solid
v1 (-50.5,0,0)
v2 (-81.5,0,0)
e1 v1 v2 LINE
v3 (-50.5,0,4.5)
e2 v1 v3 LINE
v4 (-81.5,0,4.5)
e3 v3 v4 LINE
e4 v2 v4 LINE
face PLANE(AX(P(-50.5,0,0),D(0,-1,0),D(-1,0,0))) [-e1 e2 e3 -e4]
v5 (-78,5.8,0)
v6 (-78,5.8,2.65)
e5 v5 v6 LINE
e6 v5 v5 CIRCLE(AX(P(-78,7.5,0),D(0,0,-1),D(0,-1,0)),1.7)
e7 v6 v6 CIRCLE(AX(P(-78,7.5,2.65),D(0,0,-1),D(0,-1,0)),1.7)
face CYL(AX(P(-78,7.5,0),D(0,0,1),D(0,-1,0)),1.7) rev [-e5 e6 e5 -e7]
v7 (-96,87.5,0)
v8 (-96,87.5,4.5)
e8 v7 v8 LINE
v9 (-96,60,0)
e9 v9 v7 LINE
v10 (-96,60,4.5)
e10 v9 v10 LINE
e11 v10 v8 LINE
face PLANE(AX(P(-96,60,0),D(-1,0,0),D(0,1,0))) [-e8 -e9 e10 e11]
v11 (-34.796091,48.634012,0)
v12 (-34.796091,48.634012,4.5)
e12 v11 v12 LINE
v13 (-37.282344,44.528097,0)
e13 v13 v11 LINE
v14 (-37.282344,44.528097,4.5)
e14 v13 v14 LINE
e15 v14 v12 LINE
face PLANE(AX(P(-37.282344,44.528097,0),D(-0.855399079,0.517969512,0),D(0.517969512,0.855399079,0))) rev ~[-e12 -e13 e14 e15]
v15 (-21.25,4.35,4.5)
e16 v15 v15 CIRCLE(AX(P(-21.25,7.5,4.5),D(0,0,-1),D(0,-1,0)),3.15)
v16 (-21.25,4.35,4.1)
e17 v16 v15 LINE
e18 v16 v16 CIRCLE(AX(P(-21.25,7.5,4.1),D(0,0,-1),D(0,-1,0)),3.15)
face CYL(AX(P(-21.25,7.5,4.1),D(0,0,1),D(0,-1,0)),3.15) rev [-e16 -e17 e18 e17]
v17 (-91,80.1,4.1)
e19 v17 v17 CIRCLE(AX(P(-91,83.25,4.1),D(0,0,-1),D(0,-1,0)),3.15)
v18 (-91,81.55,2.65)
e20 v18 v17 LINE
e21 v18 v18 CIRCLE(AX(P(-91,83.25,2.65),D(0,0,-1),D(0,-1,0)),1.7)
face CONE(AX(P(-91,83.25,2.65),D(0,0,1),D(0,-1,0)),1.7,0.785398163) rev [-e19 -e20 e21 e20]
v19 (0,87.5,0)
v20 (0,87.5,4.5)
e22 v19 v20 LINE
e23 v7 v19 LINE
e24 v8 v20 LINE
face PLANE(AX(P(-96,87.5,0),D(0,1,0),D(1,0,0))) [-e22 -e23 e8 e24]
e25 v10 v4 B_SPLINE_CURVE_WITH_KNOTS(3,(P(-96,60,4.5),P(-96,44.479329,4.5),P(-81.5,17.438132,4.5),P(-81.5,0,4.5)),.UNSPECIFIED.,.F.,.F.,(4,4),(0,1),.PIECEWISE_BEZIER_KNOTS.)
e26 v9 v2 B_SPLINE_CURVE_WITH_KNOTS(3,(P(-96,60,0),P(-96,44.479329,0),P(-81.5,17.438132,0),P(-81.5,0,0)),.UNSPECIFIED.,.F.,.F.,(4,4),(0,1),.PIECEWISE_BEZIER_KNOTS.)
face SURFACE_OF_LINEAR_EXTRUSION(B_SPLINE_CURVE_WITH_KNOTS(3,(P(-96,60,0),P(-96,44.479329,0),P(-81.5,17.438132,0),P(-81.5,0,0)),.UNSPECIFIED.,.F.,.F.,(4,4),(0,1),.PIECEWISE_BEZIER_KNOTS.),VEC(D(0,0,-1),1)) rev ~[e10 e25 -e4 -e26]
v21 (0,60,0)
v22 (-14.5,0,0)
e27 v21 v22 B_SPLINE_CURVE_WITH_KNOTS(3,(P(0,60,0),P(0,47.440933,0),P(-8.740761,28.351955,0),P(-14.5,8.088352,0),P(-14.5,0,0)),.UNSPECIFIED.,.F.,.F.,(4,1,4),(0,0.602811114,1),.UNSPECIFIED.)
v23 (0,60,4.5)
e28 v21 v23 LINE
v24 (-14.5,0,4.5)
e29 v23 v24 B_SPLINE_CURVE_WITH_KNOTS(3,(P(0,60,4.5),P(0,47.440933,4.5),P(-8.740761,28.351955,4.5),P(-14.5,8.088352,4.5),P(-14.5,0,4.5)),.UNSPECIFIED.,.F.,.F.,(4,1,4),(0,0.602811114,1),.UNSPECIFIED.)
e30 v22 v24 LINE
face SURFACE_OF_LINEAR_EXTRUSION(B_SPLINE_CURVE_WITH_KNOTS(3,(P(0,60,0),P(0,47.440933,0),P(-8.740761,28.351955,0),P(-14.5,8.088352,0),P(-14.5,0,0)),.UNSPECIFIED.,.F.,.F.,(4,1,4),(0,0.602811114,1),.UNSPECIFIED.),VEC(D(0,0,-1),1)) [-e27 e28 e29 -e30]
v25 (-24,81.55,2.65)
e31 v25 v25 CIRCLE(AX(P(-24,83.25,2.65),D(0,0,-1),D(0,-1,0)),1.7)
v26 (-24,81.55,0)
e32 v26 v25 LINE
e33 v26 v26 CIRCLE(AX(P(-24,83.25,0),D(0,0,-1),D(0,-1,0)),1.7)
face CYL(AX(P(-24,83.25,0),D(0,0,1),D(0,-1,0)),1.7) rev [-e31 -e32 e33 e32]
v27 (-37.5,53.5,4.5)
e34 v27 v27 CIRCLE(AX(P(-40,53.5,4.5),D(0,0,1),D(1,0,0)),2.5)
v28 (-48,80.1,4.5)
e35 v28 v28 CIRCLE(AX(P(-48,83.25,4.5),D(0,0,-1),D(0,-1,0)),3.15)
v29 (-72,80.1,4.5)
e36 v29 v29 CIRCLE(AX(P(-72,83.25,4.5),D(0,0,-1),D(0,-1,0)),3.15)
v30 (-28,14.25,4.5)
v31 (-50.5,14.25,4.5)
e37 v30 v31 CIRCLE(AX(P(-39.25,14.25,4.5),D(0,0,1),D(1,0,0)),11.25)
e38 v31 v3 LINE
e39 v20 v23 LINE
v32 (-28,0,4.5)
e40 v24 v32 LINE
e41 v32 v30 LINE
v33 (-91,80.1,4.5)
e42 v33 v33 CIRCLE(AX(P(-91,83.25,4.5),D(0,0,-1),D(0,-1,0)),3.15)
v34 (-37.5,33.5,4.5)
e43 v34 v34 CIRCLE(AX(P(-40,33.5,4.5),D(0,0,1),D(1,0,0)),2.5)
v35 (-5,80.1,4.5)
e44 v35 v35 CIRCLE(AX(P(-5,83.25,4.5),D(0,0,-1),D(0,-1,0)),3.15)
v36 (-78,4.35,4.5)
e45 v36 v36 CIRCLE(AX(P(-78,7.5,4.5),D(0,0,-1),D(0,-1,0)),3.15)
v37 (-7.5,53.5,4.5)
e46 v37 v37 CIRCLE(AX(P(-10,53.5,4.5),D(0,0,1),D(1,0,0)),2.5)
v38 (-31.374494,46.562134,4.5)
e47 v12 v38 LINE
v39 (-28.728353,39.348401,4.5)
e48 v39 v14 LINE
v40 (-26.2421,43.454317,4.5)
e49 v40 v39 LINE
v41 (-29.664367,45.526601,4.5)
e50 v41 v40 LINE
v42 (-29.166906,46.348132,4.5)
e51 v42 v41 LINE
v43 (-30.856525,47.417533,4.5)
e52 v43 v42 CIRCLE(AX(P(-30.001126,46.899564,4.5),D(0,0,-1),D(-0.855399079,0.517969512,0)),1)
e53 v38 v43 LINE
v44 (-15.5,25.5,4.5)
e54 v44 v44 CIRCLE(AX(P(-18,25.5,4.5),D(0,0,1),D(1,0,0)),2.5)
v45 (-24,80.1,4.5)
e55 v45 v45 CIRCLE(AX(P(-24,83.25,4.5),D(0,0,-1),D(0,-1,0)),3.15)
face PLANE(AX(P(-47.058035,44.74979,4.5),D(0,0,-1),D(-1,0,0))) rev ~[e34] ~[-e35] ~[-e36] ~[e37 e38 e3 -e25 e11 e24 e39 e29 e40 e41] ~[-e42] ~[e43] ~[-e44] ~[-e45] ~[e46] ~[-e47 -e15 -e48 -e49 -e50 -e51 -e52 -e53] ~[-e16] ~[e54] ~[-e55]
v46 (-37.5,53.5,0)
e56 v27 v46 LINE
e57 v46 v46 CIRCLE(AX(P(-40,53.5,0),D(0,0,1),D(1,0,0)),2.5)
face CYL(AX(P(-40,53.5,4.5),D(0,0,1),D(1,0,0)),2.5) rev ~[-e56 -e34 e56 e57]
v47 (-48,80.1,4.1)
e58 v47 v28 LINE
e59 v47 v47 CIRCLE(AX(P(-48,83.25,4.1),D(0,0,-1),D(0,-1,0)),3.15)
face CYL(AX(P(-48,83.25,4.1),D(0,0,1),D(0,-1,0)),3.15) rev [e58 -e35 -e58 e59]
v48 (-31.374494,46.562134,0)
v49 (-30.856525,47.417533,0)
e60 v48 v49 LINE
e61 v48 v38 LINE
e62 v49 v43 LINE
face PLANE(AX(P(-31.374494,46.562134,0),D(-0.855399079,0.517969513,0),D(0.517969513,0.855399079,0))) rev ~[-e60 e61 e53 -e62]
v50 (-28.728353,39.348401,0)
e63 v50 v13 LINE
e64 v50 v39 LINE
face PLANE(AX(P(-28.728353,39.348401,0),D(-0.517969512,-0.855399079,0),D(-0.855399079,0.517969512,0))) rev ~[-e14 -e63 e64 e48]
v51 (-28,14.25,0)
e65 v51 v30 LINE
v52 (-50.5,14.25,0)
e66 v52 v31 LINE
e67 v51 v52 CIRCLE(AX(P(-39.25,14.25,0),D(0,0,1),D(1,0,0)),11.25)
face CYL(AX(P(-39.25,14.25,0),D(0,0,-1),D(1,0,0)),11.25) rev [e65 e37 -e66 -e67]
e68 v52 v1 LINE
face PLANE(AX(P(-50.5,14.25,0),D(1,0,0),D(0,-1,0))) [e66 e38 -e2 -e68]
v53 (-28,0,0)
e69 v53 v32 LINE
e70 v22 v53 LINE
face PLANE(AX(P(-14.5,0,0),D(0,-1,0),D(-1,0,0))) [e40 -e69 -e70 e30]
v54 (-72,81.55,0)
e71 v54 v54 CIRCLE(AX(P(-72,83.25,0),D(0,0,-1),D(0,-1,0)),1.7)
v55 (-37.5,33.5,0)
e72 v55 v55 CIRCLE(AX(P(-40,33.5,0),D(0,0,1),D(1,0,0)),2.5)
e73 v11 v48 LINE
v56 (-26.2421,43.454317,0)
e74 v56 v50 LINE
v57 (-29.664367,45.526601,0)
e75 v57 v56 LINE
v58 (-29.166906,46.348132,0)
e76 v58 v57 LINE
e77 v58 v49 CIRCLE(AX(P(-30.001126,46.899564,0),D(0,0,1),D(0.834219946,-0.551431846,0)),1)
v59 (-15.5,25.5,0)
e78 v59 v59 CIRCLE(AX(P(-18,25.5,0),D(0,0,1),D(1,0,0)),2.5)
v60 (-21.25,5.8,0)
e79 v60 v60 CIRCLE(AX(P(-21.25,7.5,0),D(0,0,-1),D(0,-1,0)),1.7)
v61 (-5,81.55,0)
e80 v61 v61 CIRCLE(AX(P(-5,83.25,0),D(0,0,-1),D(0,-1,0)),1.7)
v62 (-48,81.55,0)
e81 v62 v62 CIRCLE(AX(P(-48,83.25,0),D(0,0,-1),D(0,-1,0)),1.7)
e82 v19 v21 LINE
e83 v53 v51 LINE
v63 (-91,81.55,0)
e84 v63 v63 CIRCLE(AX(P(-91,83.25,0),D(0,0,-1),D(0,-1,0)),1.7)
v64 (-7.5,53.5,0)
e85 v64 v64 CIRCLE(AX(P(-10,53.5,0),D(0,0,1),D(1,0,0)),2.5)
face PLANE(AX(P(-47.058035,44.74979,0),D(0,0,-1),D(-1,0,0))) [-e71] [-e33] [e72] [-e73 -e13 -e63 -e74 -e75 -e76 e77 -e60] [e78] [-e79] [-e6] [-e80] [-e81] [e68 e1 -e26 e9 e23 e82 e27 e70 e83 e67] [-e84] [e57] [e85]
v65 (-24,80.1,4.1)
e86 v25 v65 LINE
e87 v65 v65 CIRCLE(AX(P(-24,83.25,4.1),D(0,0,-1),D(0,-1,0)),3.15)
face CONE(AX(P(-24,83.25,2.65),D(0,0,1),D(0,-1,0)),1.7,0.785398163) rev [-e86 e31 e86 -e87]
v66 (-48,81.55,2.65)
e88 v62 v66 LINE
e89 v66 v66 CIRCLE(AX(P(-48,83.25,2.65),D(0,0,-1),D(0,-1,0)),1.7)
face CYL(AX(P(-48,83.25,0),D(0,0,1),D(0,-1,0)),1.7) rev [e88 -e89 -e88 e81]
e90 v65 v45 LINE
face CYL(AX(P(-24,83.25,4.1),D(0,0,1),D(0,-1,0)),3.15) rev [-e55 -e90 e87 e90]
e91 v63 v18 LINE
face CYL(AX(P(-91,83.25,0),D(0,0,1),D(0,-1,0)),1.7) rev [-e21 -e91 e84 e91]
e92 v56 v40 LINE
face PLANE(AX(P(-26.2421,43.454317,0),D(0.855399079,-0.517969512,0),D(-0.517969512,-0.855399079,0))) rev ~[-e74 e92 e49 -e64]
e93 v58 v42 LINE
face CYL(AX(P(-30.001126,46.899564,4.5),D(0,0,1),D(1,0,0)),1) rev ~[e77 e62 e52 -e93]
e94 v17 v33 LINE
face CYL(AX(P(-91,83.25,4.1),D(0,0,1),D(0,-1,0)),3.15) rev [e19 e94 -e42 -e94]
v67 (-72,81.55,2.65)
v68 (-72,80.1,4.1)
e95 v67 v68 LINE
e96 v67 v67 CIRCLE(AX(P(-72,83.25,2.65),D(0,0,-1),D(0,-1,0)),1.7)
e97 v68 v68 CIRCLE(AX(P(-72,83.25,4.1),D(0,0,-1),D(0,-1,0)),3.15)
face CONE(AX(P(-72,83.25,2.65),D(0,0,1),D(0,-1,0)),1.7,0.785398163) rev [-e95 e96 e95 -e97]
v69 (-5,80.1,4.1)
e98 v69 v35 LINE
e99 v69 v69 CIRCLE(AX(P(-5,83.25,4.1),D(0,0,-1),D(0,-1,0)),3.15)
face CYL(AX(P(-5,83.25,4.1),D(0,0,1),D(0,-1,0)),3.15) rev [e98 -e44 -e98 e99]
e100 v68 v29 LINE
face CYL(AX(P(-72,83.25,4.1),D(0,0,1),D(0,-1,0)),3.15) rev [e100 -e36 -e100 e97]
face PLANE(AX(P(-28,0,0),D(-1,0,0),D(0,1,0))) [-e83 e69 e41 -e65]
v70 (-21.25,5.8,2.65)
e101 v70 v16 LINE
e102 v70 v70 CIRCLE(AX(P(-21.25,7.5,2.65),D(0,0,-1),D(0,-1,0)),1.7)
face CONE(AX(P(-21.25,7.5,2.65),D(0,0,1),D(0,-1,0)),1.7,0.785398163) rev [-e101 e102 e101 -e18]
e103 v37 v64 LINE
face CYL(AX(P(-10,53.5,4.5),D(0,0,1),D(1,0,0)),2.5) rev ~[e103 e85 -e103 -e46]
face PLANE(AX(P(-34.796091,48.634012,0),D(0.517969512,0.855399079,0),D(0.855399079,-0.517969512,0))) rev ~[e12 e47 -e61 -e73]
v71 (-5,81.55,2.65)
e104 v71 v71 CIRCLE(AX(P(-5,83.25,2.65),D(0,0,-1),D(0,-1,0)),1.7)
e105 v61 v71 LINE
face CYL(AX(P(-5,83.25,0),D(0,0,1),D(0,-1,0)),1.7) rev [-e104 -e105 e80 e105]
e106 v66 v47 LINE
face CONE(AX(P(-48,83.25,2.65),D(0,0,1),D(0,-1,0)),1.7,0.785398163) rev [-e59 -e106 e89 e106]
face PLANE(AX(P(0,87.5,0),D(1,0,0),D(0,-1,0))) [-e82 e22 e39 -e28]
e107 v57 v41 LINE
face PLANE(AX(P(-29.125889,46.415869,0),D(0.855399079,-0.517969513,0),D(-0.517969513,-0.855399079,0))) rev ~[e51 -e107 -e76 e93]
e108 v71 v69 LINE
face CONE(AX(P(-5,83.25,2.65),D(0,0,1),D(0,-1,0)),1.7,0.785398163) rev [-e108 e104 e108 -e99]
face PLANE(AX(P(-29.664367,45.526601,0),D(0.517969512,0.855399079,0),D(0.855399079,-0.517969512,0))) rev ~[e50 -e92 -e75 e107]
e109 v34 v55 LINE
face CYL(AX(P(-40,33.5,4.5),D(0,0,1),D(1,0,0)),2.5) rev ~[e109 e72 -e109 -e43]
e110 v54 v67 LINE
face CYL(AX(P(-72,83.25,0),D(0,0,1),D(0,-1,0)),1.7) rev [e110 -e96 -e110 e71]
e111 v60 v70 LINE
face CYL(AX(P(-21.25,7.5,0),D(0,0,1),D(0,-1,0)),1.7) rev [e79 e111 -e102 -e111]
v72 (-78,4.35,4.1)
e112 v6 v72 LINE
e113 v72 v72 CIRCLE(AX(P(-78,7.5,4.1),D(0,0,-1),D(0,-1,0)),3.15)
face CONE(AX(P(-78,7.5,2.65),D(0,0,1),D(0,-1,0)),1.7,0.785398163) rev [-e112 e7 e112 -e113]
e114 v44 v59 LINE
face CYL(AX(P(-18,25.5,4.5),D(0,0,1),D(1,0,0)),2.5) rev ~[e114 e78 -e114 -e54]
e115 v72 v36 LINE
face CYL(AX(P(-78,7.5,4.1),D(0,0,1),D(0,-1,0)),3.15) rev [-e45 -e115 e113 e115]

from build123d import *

# Parameters (mm, degrees)
SKETCH1_R                                    = 1.5
BOSS_EXTRUDE1_DEPTH                          = 4.5
SKETCH2_R                                    = 2.5
CUT_EXTRUDE1_DEPTH                           = 130.97115079
SKETCH3_R                                    = 1
CUT_EXTRUDE2_DEPTH                           = 130.97115079
CUT_EXTRUDE3_DEPTH                           = 130.97115079
CSK_FOR_M3_COUNTERSUNK_FLAT_HEAD_SCR_2_COUNT = 2
CSK_FOR_M3_COUNTERSUNK_FLAT_HEAD_SCR_2_PITCH = 19
CSK_FOR_M3_COUNTERSUNK_FLAT_HEAD_SCR_3_COUNT = 2
CSK_FOR_M3_COUNTERSUNK_FLAT_HEAD_SCR_3_PITCH = 43
CSK_FOR_M3_COUNTERSUNK_FLAT_HEAD_SCR_4_COUNT = 2
CSK_FOR_M3_COUNTERSUNK_FLAT_HEAD_SCR_4_PITCH = 67
CSK_FOR_M3_COUNTERSUNK_FLAT_HEAD_SCR_5_COUNT = 2
CSK_FOR_M3_COUNTERSUNK_FLAT_HEAD_SCR_5_PITCH = 86
CSK_FOR_M3_COUNTERSUNK_FLAT_HEAD_SCR_6_COUNT = 2
CSK_FOR_M3_COUNTERSUNK_FLAT_HEAD_SCR_6_PITCH = 102.971476633
CSK_FOR_M3_COUNTERSUNK_FLAT_HEAD_SCR_7_COUNT = 2
CSK_FOR_M3_COUNTERSUNK_FLAT_HEAD_SCR_7_PITCH = 76.857416688


with BuildPart() as part:
    # Sketch1 → Boss-Extrude1 (new body)
    with BuildSketch(Plane.XY):
        with BuildLine():
            Line((-96, 87.5), (0, 87.5))
            Line((0, 87.5), (0, 60))
            add(Edge.make_bspline(
                [(0, 60), (0, 47.440932757), (-8.740761153, 28.351955076), (-14.5, 8.088351659), (-14.5, 0)],
                knots=[0, 0, 0, 0, 0.602811114, 1, 1, 1, 1], degree=3))
            Line((-14.5, 0), (-28, 0))
            Line((-28, 0), (-28, 14.25))
            ThreePointArc((-28, 14.25), (-39.25, 25.5), (-50.5, 14.25))
            Line((-50.5, 14.25), (-50.5, 0))
            Line((-50.5, 0), (-81.5, 0))
            add(Edge.make_bspline(
                [(-96, 60), (-96, 44.479329369), (-81.5, 17.438131956), (-81.5, 0)],
                knots=[0, 0, 0, 0, 1, 1, 1, 1], degree=3))
            Line((-96, 60), (-96, 87.5))
        make_face()
        with Locations((-91, 83.25)):
            Circle(SKETCH1_R, mode=Mode.SUBTRACT)
        with Locations((-72, 83.25)):
            Circle(SKETCH1_R, mode=Mode.SUBTRACT)
        with Locations((-48, 83.25)):
            Circle(SKETCH1_R, mode=Mode.SUBTRACT)
        with Locations((-5, 83.25)):
            Circle(SKETCH1_R, mode=Mode.SUBTRACT)
        with Locations((-24, 83.25)):
            Circle(SKETCH1_R, mode=Mode.SUBTRACT)
        with Locations((-21.25, 7.5)):
            Circle(SKETCH1_R, mode=Mode.SUBTRACT)
        with Locations((-78, 7.5)):
            Circle(SKETCH1_R, mode=Mode.SUBTRACT)
    extrude(amount=BOSS_EXTRUDE1_DEPTH)

    # Sketch2 → Cut-Extrude1 (cut, through all)
    with BuildSketch(Plane.XY.offset(4.5)):
        with Locations((-10, 53.5)):
            Circle(SKETCH2_R)
        with Locations((-40, 53.5)):
            Circle(SKETCH2_R)
        with Locations((-40, 33.5)):
            Circle(SKETCH2_R)
        with Locations((-18, 25.5)):
            Circle(SKETCH2_R)
    extrude(amount=-CUT_EXTRUDE1_DEPTH, mode=Mode.SUBTRACT)

    # Sketch3 → Cut-Extrude2 (cut, through all)
    with BuildSketch(Plane.XY.offset(4.5)):
        with Locations((-30.001125718, 46.899563619)):
            Circle(SKETCH3_R)
    extrude(amount=-CUT_EXTRUDE2_DEPTH, mode=Mode.SUBTRACT)

    # Sketch4 → Cut-Extrude3 (cut, through all)
    with BuildSketch(Plane(origin=(0, 0, 0), x_dir=(-1, 0, 0), z_dir=(0, 0, -1))):
        with BuildLine():
            Line((28.728353494, 39.348401399), (37.282344284, 44.528096521))
            Line((37.282344284, 44.528096521), (34.796090626, 48.634012101))
            Line((34.796090626, 48.634012101), (31.37449431, 46.562134052))
            Line((31.37449431, 46.562134052), (30.856524797, 47.417533131))
            ThreePointArc((30.856524797, 47.417533131), (29.500195325, 47.765051192), (29.125889015, 46.415868763))
            Line((29.125889015, 46.415868763), (29.664366906, 45.526601189))
            Line((29.664366906, 45.526601189), (26.242099835, 43.454316978))
            Line((26.242099835, 43.454316978), (28.728353494, 39.348401399))
        make_face()
    extrude(amount=-CUT_EXTRUDE3_DEPTH, mode=Mode.SUBTRACT)

    # Sketch6 → CSK for M3 Countersunk Flat Head Screw1 (revolve, cut)
    with BuildSketch(Plane(origin=(-91, 83.25, 4.5), x_dir=(0, -1, 0), z_dir=(1, 0, 0))):
        Polygon((0, 0), (0, 4.5), (1.7, 4.5), (1.7, 1.85), (3.15, 0.4), (3.15, 0), align=None)
    csk_for_m3_countersunk_flat_head_screw1 = revolve(axis=Axis((-91, 83.25, 10.85), (0, 0, -1)), mode=Mode.SUBTRACT)

    # CSK for M3 Countersunk Flat Head Scr 2: CSK for M3 Countersunk Flat Head Screw1 ×2
    with Locations(*[(i * CSK_FOR_M3_COUNTERSUNK_FLAT_HEAD_SCR_2_PITCH, 0, 0) for i in range(1, CSK_FOR_M3_COUNTERSUNK_FLAT_HEAD_SCR_2_COUNT)]):
        add(csk_for_m3_countersunk_flat_head_screw1, mode=Mode.SUBTRACT)

    # CSK for M3 Countersunk Flat Head Scr 3: CSK for M3 Countersunk Flat Head Screw1 ×2
    with Locations(*[(i * CSK_FOR_M3_COUNTERSUNK_FLAT_HEAD_SCR_3_PITCH, 0, 0) for i in range(1, CSK_FOR_M3_COUNTERSUNK_FLAT_HEAD_SCR_3_COUNT)]):
        add(csk_for_m3_countersunk_flat_head_screw1, mode=Mode.SUBTRACT)

    # CSK for M3 Countersunk Flat Head Scr 4: CSK for M3 Countersunk Flat Head Screw1 ×2
    with Locations(*[(i * CSK_FOR_M3_COUNTERSUNK_FLAT_HEAD_SCR_4_PITCH, 0, 0) for i in range(1, CSK_FOR_M3_COUNTERSUNK_FLAT_HEAD_SCR_4_COUNT)]):
        add(csk_for_m3_countersunk_flat_head_screw1, mode=Mode.SUBTRACT)

    # CSK for M3 Countersunk Flat Head Scr 5: CSK for M3 Countersunk Flat Head Screw1 ×2
    with Locations(*[(i * CSK_FOR_M3_COUNTERSUNK_FLAT_HEAD_SCR_5_PITCH, 0, 0) for i in range(1, CSK_FOR_M3_COUNTERSUNK_FLAT_HEAD_SCR_5_COUNT)]):
        add(csk_for_m3_countersunk_flat_head_screw1, mode=Mode.SUBTRACT)

    # CSK for M3 Countersunk Flat Head Scr 6: CSK for M3 Countersunk Flat Head Screw1 ×2
    with Locations(*[Vector(0.6773720478781835, -0.7356406111365222, 0) * (i * CSK_FOR_M3_COUNTERSUNK_FLAT_HEAD_SCR_6_PITCH) for i in range(1, CSK_FOR_M3_COUNTERSUNK_FLAT_HEAD_SCR_6_COUNT)]):
        add(csk_for_m3_countersunk_flat_head_screw1, mode=Mode.SUBTRACT)

    # CSK for M3 Countersunk Flat Head Scr 7: CSK for M3 Countersunk Flat Head Screw1 ×2
    with Locations(*[Vector(0.1691443787750649, -0.9855912840162485, 0) * (i * CSK_FOR_M3_COUNTERSUNK_FLAT_HEAD_SCR_7_PITCH) for i in range(1, CSK_FOR_M3_COUNTERSUNK_FLAT_HEAD_SCR_7_COUNT)]):
        add(csk_for_m3_countersunk_flat_head_screw1, mode=Mode.SUBTRACT)


solid = part.part
